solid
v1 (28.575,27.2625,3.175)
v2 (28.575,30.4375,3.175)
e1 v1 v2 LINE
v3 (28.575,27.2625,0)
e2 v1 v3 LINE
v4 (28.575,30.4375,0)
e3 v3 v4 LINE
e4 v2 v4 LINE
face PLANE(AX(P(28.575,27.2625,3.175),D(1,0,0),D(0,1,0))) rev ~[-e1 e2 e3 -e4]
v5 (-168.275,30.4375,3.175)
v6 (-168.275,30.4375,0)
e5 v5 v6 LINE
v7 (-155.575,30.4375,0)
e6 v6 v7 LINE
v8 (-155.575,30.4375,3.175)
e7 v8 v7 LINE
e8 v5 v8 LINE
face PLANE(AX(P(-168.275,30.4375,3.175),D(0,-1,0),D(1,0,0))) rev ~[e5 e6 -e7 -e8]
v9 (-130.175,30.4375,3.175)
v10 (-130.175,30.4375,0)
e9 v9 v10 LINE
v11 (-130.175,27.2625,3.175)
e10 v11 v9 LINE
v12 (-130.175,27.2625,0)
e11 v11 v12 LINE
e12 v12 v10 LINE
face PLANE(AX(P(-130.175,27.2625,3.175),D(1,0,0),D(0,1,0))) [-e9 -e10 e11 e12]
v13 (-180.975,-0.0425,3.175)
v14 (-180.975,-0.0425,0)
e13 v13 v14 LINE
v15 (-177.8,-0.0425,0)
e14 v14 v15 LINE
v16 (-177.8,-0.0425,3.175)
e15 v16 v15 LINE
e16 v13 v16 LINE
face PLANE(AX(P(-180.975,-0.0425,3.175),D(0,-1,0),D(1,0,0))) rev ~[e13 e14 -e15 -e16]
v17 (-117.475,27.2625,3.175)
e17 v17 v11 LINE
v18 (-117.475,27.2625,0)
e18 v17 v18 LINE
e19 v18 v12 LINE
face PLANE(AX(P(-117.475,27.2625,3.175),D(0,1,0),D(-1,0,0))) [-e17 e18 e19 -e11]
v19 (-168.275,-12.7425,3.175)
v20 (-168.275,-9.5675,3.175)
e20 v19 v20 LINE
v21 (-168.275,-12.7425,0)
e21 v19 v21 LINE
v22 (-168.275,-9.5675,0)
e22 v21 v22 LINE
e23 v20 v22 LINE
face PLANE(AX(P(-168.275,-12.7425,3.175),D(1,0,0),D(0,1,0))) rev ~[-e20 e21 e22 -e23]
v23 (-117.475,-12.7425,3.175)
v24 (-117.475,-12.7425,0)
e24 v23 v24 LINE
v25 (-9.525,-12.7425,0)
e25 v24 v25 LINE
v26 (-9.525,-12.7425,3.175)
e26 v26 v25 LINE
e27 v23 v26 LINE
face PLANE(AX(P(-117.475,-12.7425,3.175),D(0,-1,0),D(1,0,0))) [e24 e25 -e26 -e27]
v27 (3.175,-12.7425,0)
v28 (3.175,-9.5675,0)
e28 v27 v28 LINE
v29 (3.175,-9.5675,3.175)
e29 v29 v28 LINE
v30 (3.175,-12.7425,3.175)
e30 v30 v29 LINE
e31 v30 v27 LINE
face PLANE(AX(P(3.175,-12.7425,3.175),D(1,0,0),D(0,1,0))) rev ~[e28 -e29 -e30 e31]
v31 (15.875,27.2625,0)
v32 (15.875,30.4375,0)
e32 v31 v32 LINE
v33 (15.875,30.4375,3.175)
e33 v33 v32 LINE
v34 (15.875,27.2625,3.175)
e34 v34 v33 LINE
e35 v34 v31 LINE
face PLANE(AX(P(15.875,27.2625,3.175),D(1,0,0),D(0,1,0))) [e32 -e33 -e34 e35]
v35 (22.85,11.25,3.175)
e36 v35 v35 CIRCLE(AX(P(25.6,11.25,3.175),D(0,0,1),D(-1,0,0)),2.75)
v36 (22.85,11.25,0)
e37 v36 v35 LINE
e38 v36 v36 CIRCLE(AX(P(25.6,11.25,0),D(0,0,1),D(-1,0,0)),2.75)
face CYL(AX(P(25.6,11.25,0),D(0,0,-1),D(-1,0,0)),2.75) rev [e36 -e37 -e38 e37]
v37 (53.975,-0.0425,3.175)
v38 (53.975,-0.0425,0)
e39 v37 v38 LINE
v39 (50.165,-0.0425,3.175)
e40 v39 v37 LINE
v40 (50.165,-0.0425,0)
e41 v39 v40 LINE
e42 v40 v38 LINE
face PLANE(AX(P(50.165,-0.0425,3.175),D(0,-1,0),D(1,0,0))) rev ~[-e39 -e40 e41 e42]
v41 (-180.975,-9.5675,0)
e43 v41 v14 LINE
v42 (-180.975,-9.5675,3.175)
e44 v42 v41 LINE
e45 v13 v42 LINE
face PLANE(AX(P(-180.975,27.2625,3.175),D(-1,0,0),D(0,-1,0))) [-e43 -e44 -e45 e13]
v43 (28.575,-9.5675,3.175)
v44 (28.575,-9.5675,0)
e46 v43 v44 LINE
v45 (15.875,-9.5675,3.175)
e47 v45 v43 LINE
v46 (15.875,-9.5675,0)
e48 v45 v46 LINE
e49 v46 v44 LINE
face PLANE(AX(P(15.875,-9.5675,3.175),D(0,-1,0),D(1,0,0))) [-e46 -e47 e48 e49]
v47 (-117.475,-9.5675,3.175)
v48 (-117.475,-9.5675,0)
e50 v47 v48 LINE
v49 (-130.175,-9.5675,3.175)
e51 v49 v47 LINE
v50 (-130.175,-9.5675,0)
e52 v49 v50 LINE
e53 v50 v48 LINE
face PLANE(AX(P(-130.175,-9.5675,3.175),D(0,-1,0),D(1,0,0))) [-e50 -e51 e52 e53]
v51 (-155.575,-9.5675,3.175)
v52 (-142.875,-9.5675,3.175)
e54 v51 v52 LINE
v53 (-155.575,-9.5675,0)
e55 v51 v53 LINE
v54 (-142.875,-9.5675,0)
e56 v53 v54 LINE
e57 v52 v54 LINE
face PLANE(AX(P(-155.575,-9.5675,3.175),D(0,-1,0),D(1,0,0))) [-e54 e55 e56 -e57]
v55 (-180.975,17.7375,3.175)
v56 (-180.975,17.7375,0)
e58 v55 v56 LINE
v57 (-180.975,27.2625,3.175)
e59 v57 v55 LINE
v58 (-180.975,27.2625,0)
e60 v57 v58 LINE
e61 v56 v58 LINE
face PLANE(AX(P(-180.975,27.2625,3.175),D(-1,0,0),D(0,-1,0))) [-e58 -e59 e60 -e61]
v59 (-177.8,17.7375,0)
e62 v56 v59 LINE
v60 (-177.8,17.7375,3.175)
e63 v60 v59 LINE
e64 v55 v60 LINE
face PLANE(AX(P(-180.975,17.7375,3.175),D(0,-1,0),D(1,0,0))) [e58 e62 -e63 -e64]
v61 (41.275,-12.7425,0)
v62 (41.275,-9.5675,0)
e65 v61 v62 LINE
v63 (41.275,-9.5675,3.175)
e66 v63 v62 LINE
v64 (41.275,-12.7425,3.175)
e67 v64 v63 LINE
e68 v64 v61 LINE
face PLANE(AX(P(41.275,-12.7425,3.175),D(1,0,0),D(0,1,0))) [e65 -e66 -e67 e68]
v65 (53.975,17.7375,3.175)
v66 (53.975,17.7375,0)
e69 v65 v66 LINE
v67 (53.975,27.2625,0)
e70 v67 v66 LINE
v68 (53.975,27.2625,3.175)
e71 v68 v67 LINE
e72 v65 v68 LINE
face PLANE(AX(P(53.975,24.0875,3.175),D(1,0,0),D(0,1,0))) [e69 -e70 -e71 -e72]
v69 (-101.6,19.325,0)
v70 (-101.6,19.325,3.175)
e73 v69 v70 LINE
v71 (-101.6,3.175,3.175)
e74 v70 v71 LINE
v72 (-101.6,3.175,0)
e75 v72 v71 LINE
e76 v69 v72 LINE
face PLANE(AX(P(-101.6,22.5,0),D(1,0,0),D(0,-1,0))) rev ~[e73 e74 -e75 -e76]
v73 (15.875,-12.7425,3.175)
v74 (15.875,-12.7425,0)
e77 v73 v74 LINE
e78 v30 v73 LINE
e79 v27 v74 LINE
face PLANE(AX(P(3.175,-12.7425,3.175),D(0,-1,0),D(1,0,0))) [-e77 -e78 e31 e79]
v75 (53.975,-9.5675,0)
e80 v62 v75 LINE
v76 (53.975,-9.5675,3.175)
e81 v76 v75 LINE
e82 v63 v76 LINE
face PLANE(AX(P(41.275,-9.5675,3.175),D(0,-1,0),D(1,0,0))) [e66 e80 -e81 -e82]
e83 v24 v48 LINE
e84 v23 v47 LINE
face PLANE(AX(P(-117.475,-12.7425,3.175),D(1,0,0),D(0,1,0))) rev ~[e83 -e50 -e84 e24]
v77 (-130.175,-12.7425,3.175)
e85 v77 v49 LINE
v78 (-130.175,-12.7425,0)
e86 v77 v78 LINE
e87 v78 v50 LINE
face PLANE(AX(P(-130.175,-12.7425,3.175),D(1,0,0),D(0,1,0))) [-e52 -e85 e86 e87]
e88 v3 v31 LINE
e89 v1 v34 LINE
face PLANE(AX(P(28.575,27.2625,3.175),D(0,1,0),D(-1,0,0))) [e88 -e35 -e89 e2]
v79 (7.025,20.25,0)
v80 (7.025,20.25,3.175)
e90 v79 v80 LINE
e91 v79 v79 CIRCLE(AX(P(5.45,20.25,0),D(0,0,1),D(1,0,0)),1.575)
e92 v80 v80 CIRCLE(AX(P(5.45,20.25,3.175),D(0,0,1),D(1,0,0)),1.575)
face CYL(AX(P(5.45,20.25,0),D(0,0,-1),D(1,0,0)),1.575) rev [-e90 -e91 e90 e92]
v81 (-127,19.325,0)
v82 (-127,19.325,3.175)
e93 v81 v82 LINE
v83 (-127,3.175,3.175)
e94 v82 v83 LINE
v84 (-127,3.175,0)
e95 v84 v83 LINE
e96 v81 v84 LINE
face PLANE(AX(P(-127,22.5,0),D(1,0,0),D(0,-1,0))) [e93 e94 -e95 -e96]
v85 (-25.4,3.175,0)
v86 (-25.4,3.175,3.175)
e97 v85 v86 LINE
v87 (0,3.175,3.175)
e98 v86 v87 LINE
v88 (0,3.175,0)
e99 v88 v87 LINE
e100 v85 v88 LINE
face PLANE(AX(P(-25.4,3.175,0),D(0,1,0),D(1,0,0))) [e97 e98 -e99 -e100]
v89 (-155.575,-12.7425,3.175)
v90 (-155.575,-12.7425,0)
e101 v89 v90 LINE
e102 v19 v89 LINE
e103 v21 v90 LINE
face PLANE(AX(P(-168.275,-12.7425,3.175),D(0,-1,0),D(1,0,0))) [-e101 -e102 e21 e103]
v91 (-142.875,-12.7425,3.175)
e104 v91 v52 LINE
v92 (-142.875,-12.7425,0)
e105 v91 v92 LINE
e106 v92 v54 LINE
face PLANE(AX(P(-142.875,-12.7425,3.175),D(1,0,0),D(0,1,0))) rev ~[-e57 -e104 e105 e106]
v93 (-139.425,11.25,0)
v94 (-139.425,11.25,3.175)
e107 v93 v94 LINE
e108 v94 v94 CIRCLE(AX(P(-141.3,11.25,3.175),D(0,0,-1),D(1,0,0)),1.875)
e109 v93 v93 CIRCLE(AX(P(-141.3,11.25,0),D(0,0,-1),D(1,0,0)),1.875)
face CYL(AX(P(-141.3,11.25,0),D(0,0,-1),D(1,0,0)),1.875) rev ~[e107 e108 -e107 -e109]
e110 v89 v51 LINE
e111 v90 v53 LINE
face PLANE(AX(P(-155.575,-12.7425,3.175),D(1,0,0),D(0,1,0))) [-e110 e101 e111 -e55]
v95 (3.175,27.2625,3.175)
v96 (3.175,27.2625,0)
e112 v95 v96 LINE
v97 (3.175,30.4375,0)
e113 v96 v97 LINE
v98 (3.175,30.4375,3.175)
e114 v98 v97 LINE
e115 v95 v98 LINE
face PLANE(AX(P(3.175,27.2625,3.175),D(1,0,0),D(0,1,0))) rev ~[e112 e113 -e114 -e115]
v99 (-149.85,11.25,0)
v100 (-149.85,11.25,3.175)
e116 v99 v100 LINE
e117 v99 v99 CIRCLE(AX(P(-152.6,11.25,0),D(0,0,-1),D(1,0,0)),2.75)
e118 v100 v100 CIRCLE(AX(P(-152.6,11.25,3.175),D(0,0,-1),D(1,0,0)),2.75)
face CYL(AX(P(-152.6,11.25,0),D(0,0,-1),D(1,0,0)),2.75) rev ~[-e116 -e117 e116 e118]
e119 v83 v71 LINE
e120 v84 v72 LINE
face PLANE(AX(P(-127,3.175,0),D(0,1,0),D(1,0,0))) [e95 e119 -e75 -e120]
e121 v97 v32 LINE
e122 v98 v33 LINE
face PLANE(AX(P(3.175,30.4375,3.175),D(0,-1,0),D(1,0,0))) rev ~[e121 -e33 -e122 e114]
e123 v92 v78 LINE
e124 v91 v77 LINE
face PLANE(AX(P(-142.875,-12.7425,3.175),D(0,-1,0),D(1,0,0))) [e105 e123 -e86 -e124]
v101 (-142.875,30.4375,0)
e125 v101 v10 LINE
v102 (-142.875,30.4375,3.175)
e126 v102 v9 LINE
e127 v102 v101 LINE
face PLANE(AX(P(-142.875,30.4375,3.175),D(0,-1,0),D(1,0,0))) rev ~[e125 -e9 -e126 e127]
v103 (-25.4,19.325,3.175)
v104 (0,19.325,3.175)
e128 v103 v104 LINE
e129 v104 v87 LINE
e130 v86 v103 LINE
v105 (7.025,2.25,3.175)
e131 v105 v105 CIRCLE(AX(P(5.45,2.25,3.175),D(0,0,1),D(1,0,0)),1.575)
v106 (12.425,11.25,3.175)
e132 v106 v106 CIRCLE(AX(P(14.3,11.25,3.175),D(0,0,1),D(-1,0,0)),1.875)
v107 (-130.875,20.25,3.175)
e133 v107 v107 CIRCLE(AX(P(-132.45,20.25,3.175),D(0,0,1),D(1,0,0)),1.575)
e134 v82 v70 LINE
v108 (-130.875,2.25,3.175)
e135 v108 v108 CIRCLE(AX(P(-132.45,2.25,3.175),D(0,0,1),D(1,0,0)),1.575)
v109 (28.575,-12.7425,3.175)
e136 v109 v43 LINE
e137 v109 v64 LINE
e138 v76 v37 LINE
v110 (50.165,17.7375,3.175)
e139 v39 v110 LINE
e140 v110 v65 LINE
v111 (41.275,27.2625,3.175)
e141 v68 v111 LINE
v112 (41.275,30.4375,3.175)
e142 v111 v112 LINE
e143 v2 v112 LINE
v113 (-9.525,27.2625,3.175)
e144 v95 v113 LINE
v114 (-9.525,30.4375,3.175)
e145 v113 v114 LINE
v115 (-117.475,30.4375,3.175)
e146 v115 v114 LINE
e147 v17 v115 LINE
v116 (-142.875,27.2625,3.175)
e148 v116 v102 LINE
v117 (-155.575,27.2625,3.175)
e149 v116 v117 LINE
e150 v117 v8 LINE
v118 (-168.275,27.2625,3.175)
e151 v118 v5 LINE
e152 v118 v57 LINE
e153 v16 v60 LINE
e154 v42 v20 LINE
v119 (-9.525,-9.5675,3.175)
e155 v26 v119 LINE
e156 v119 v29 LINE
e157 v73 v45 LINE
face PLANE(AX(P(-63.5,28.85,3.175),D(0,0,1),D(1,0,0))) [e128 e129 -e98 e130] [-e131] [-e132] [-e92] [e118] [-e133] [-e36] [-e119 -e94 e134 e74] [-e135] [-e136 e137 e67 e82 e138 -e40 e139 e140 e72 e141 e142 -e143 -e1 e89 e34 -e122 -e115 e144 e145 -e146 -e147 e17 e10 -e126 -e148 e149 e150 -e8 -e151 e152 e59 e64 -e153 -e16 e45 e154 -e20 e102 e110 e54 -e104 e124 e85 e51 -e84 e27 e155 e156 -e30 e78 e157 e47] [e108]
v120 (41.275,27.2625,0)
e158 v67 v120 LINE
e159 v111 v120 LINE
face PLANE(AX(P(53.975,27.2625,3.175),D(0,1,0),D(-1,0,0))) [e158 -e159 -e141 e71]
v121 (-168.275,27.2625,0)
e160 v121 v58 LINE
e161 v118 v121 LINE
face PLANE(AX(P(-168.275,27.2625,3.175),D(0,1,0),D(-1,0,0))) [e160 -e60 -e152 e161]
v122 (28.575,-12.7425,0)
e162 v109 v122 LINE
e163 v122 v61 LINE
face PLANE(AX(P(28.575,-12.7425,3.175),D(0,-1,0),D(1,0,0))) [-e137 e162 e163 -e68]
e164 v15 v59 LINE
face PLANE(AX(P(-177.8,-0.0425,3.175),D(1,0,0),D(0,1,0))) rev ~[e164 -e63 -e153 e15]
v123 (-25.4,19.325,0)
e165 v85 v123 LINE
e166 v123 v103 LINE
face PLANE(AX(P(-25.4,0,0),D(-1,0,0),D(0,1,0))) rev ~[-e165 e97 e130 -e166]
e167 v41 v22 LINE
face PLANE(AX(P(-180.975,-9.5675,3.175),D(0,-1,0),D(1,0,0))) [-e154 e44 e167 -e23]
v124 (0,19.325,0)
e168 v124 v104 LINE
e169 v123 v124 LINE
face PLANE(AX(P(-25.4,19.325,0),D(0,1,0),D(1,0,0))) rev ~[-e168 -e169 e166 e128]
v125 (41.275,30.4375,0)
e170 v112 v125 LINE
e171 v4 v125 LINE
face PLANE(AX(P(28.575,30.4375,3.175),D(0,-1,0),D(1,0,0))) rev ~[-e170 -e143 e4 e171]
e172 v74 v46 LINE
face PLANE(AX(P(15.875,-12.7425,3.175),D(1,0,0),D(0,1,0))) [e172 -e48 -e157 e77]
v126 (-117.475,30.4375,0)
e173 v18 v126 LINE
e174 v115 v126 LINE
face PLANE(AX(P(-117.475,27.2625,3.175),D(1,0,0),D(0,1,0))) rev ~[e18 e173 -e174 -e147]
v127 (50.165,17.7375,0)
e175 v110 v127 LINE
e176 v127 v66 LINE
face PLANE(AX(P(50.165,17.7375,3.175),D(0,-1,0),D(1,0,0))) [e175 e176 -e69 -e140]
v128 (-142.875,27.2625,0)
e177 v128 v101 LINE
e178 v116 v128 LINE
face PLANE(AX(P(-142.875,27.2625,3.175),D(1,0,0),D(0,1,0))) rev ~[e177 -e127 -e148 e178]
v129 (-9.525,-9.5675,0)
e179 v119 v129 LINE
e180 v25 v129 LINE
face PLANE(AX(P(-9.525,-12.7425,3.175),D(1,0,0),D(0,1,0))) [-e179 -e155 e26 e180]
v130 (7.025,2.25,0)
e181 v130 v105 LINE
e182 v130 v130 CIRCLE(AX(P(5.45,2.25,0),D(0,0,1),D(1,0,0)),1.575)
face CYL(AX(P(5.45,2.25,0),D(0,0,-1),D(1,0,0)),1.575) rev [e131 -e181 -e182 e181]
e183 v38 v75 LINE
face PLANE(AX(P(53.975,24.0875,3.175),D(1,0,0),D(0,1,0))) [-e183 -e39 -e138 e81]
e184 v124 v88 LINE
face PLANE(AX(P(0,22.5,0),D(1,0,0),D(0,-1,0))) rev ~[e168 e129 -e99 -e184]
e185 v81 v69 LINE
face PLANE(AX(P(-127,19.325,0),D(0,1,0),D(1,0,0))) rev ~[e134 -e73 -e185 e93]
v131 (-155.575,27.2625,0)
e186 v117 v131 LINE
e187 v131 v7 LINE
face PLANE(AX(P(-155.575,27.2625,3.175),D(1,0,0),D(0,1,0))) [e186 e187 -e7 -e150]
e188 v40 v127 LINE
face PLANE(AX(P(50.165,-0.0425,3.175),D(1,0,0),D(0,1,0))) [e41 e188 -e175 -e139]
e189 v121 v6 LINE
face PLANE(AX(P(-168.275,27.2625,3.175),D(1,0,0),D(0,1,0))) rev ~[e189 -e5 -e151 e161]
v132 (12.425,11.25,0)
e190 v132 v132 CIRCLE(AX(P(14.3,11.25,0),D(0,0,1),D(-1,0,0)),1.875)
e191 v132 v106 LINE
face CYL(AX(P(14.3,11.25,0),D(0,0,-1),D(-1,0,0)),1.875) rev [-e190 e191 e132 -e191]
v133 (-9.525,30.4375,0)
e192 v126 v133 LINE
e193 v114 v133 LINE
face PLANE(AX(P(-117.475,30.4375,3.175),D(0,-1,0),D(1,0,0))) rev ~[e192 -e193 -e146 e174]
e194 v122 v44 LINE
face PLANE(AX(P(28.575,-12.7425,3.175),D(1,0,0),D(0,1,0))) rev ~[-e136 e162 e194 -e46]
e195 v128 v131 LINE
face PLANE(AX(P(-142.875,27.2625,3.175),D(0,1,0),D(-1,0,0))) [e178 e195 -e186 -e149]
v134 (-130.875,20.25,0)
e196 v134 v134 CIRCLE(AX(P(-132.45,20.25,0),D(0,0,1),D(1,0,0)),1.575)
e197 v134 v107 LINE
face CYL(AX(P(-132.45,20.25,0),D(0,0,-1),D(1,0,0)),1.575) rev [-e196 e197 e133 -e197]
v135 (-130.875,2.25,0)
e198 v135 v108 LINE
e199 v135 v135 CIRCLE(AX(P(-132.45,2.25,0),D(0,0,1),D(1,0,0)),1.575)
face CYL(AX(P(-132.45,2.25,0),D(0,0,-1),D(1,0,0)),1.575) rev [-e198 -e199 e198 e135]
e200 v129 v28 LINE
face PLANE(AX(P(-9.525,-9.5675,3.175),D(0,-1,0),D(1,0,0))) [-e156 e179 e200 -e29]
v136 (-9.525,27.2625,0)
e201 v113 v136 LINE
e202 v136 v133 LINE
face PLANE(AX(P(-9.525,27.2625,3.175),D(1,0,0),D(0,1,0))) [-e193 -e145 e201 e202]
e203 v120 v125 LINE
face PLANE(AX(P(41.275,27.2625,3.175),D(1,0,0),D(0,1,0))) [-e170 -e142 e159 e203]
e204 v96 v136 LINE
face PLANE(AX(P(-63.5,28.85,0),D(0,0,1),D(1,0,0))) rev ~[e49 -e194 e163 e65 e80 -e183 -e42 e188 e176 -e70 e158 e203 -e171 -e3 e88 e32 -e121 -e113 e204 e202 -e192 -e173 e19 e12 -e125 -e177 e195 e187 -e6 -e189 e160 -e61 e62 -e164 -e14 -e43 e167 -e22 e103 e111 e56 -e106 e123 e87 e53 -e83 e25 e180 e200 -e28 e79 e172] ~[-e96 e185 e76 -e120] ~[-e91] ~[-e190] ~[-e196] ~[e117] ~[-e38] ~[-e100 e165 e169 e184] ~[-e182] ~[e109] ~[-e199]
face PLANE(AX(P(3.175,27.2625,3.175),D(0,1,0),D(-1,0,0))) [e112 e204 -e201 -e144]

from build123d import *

# Parameters (mm, degrees)
SKETCH3_W           = 234.95
SKETCH3_H           = 30.48
SKETCH3_R           = 1.574999898
SKETCH3_W_2         = 25.4
SKETCH3_H_2         = 3.175
BOSS_EXTRUDE1_DEPTH = 3.175
SKETCH4_W           = 107.95
SKETCH4_H           = 3.175
SKETCH4_W_2         = 12.7
BOSS_EXTRUDE2_DEPTH = 3.175
SKETCH5_W           = 3.175
SKETCH5_H           = 17.78
SKETCH5_W_2         = 3.81
CUT_EXTRUDE1_DEPTH  = 7.62


with BuildPart() as part:
    # Sketch3 → Boss-Extrude1 (new body)
    # profile 1 of 7: a face of its own
    with BuildSketch(Plane.XY):
        with Locations((-63.5, 8.8475)):
            Rectangle(SKETCH3_W, SKETCH3_H)
        with BuildLine():
            ThreePointArc((-163.6, 17.5), (-162.135533906, 21.035533906), (-158.6, 22.5))
            Line((-158.6, 22.5), (-127, 22.5))
            Line((-127, 22.5), (-101.6, 22.5))
            Line((-101.6, 22.5), (-101.6, 19.325))
            Line((-101.6, 19.325), (-101.6, 3.175))
            Line((-101.6, 3.175), (-101.6, 0))
            Line((-101.6, 0), (-127, 0))
            Line((-127, 0), (-158.6, 0))
            ThreePointArc((-158.6, 0), (-162.135533906, 1.464466094), (-163.6, 5))
            Line((-163.6, 5), (-163.6, 17.5))
        make_face(mode=Mode.SUBTRACT)
        with BuildLine():
            Line((-25.4, 22.5), (0, 22.5))
            Line((0, 22.5), (31.6, 22.5))
            ThreePointArc((31.6, 22.5), (35.135533906, 21.035533906), (36.6, 17.5))
            Line((36.6, 17.5), (36.6, 5))
            ThreePointArc((36.6, 5), (35.135533906, 1.464466094), (31.6, 0))
            Line((31.6, 0), (0, 0))
            Line((0, 0), (-25.4, 0))
            Line((-25.4, 0), (-25.4, 3.175))
            Line((-25.4, 3.175), (-25.4, 19.325))
            Line((-25.4, 19.325), (-25.4, 22.5))
        make_face(mode=Mode.SUBTRACT)
    # profile 2 of 7: a face of its own
    with BuildSketch(Plane.XY):
        with BuildLine():
            ThreePointArc((-158.6, 0), (-162.135533906, 1.464466094), (-163.6, 5))
            Line((-163.6, 5), (-163.6, 17.5))
            ThreePointArc((-163.6, 17.5), (-162.135533906, 21.035533906), (-158.6, 22.5))
            Line((-158.6, 22.5), (-127, 22.5))
            Line((-127, 22.5), (-127, 0))
            Line((-127, 0), (-158.6, 0))
        make_face()
        with Locations((-132.45, 20.25)):
            Circle(SKETCH3_R, mode=Mode.SUBTRACT)
        with Locations((-132.45, 2.250000072)):
            Circle(SKETCH3_R, mode=Mode.SUBTRACT)
        with BuildLine():
            ThreePointArc((-143.175, 11.25), (-141.3, 13.125), (-139.425, 11.25))
            ThreePointArc((-139.425, 11.25), (-141.3, 9.375), (-143.175, 11.25))
        make_face(mode=Mode.SUBTRACT)
        with BuildLine():
            ThreePointArc((-155.35, 11.25), (-152.6, 14), (-149.85, 11.25))
            ThreePointArc((-149.85, 11.25), (-152.6, 8.5), (-155.35, 11.25))
        make_face(mode=Mode.SUBTRACT)
    # profile 3 of 7: a face of its own
    with BuildSketch(Plane.XY):
        with BuildLine():
            Line((36.6, 5), (36.6, 17.5))
            ThreePointArc((36.6, 17.5), (35.135533906, 21.035533906), (31.6, 22.5))
            Line((31.6, 22.5), (0, 22.5))
            Line((0, 22.5), (0, 0))
            Line((0, 0), (31.6, 0))
            ThreePointArc((31.6, 0), (35.135533906, 1.464466094), (36.6, 5))
        make_face()
        with Locations((5.45, 2.250000072)):
            Circle(SKETCH3_R, mode=Mode.SUBTRACT)
        with Locations((5.45, 20.25)):
            Circle(SKETCH3_R, mode=Mode.SUBTRACT)
        with BuildLine():
            ThreePointArc((16.175, 11.25), (14.3, 13.125), (12.425, 11.25))
            ThreePointArc((12.425, 11.25), (14.3, 9.375), (16.175, 11.25))
        make_face(mode=Mode.SUBTRACT)
        with BuildLine():
            ThreePointArc((28.35, 11.25), (25.6, 14), (22.85, 11.25))
            ThreePointArc((22.85, 11.25), (25.6, 8.5), (28.35, 11.25))
        make_face(mode=Mode.SUBTRACT)
    # profile 4 of 7: a face of its own
    with BuildSketch(Plane.XY):
        with Locations((-12.7, 1.5875)):
            Rectangle(SKETCH3_W_2, SKETCH3_H_2)
    # profile 5 of 7: a face of its own
    with BuildSketch(Plane.XY):
        with Locations((-12.7, 20.9125)):
            Rectangle(SKETCH3_W_2, SKETCH3_H_2)
    # profile 6 of 7: a face of its own
    with BuildSketch(Plane.XY):
        with Locations((-114.3, 20.9125)):
            Rectangle(SKETCH3_W_2, SKETCH3_H_2)
    # profile 7 of 7: a face of its own
    with BuildSketch(Plane.XY):
        with Locations((-114.3, 1.5875)):
            Rectangle(SKETCH3_W_2, SKETCH3_H_2)
    extrude(amount=BOSS_EXTRUDE1_DEPTH)

    # Sketch4 → Boss-Extrude2 (add)
    with BuildSketch(Plane.XY.offset(3.175)):
        with Locations((-63.5, 28.85)):
            Rectangle(SKETCH4_W, SKETCH4_H)
        with Locations((-136.525, 28.85)):
            Rectangle(SKETCH4_W_2, SKETCH4_H)
        with Locations((-161.925, 28.85)):
            Rectangle(SKETCH4_W_2, SKETCH4_H)
        Polygon((-142.875, 27.2625), (-155.575, 27.2625), (-168.275, 27.2625), (-180.975, 27.2625), (-180.975, 24.0875), (53.975, 24.0875), (53.975, 27.2625), (41.275, 27.2625), (28.575, 27.2625), (15.875, 27.2625), (3.175, 27.2625), (-9.525, 27.2625), (-117.475, 27.2625), (-130.175, 27.2625), align=None)
        with Locations((9.525, 28.85)):
            Rectangle(SKETCH4_W_2, SKETCH4_H)
        with Locations((34.925, 28.85)):
            Rectangle(SKETCH4_W_2, SKETCH4_H)
        Polygon((53.975, -6.3925), (-180.975, -6.3925), (-180.975, -9.5675), (-168.275, -9.5675), (-155.575, -9.5675), (-142.875, -9.5675), (-130.175, -9.5675), (-117.475, -9.5675), (-9.525, -9.5675), (3.175, -9.5675), (15.875, -9.5675), (28.575, -9.5675), (41.275, -9.5675), (53.975, -9.5675), align=None)
        with Locations((34.925, -11.155)):
            Rectangle(SKETCH4_W_2, SKETCH4_H)
        with Locations((9.525, -11.155)):
            Rectangle(SKETCH4_W_2, SKETCH4_H)
        with Locations((-63.5, -11.155)):
            Rectangle(SKETCH4_W, SKETCH4_H)
        with Locations((-136.525, -11.155)):
            Rectangle(SKETCH4_W_2, SKETCH4_H)
        with Locations((-161.925, -11.155)):
            Rectangle(SKETCH4_W_2, SKETCH4_H)
    extrude(amount=-BOSS_EXTRUDE2_DEPTH)

    # Sketch5 → Cut-Extrude1 (cut)
    with BuildSketch(Plane.XY.offset(3.175)):
        with Locations((-179.3875, 8.8475)):
            Rectangle(SKETCH5_W, SKETCH5_H)
        with Locations((52.07, 8.8475)):
            Rectangle(SKETCH5_W_2, SKETCH5_H)
    extrude(amount=-CUT_EXTRUDE1_DEPTH, mode=Mode.SUBTRACT)


solid = part.part
